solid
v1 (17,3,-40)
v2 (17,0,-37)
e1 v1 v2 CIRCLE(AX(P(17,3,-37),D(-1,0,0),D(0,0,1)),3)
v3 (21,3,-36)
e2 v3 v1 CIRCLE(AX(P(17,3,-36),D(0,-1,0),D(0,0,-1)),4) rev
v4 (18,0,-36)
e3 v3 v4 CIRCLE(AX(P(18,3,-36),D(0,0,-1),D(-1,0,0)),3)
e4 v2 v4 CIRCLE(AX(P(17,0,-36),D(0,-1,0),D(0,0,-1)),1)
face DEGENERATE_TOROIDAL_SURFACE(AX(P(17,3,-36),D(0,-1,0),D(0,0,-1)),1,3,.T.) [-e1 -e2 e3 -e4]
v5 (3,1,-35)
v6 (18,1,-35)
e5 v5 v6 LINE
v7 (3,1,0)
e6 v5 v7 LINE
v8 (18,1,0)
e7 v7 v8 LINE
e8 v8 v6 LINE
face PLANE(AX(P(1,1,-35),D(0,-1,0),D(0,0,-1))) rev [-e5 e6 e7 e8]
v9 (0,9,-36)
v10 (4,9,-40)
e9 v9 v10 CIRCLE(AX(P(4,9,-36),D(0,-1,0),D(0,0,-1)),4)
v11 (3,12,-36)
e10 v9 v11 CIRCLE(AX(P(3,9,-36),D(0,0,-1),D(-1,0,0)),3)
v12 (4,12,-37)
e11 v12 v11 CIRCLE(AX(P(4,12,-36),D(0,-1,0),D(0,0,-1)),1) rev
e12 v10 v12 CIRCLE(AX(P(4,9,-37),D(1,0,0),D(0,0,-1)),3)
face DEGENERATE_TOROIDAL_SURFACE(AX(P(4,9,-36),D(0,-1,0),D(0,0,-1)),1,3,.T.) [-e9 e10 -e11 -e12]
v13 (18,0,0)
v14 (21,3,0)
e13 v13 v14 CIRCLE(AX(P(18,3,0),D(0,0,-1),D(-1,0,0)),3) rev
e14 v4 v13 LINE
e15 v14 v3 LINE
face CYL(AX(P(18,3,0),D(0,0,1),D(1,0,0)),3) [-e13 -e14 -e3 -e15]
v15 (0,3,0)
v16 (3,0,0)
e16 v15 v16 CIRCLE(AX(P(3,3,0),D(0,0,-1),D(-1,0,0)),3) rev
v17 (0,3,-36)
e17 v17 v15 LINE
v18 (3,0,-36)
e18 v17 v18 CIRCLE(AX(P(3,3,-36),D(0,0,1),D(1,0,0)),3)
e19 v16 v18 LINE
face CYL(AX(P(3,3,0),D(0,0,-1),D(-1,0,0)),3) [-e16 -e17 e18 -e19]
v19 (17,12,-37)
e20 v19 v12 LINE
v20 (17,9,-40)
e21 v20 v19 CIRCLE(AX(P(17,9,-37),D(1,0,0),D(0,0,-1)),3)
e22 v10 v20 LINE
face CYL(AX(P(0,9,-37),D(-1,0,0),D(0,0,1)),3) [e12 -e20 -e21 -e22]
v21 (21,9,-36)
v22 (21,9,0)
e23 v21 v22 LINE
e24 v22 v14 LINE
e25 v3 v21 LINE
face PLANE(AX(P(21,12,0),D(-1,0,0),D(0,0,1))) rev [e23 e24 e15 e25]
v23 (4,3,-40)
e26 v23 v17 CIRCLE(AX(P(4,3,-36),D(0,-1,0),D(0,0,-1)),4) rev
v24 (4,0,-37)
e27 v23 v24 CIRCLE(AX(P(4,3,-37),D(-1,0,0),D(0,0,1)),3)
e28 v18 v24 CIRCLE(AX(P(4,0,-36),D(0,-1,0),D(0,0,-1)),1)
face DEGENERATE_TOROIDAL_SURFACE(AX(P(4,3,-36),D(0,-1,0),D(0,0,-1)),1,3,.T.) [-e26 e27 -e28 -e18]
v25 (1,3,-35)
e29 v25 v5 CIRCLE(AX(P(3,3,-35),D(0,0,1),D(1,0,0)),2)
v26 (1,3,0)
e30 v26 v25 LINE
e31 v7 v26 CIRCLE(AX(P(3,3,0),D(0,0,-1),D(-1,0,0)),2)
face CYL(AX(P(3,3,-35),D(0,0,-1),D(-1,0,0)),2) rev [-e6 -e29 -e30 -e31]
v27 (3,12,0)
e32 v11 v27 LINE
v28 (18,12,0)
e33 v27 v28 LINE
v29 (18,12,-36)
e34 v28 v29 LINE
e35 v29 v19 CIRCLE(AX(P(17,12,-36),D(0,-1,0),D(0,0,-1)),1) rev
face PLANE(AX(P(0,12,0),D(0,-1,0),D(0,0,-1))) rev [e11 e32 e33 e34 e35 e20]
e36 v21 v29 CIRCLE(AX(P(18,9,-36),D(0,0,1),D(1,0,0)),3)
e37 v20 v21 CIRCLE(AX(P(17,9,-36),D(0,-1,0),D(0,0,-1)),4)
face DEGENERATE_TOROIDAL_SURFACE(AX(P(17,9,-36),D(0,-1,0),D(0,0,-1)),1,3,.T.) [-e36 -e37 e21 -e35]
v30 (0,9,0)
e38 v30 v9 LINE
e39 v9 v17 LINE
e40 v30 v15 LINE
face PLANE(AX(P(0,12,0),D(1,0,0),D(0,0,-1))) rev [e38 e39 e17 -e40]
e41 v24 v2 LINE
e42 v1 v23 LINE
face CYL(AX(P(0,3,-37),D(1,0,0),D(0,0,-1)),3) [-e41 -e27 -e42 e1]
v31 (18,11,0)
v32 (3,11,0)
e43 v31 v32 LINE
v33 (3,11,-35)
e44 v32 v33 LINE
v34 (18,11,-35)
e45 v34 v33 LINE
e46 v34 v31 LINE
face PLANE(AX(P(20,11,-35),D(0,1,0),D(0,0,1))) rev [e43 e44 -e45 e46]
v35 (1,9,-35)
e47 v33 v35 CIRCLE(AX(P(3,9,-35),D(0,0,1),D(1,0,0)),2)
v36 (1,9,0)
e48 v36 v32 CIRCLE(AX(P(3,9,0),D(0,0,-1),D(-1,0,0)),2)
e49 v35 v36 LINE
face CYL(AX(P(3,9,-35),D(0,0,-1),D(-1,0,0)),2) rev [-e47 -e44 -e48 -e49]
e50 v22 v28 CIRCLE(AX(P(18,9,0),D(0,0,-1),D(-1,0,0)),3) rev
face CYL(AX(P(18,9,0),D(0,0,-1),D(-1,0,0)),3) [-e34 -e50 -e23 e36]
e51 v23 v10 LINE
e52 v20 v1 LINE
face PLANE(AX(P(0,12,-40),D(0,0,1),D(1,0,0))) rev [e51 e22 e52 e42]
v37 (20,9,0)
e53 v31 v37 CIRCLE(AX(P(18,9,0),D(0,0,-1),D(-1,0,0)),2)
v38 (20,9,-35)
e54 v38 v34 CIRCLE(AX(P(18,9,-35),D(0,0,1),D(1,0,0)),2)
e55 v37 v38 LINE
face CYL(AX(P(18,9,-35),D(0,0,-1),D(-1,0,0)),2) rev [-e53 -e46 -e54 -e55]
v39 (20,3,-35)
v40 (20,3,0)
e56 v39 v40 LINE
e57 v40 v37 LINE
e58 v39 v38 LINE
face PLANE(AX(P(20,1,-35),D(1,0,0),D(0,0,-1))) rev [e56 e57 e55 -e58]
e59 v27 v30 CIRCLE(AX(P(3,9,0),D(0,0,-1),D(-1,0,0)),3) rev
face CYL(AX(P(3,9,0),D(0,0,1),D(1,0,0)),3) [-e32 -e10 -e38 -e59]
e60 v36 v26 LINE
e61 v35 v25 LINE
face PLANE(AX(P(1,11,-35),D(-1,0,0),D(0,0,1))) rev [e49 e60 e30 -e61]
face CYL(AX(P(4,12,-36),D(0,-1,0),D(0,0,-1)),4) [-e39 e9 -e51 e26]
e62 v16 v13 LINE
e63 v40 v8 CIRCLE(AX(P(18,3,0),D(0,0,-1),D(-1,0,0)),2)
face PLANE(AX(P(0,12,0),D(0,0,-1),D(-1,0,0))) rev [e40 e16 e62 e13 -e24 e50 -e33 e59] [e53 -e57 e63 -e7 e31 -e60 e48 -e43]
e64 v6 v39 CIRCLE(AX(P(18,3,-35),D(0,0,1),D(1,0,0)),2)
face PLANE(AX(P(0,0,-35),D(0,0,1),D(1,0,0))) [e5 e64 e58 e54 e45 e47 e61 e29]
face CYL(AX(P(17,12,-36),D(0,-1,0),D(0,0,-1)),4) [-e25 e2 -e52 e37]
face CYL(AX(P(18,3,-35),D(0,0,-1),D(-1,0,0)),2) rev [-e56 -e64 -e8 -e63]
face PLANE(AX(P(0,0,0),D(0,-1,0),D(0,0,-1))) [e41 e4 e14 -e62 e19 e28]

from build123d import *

# Parameters (mm, degrees)
SKETCH1_W           = 21
SKETCH1_H           = 40
BOSS_EXTRUDE1_DEPTH = 12
SKETCH4_W           = 19
SKETCH4_H           = 10
CUT_EXTRUDE2_DEPTH  = 35
FILLET5_R           = 4
FILLET6_R           = 3
FILLET8_R           = 2


with BuildPart() as part:
    # Sketch1 → Boss-Extrude1 (new body)
    with BuildSketch(Plane(origin=(0, 0, 0), x_dir=(1, 0, 0), z_dir=(0, 1, 0))):
        with Locations((10.5, 20)):
            Rectangle(SKETCH1_W, SKETCH1_H)
    extrude(amount=BOSS_EXTRUDE1_DEPTH)

    # Sketch4 → Cut-Extrude2 (cut)
    with BuildSketch(Plane.XY):
        with Locations((10.5, 6)):
            Rectangle(SKETCH4_W, SKETCH4_H)
    extrude(amount=-CUT_EXTRUDE2_DEPTH, mode=Mode.SUBTRACT)

    # Fillet5
    fillet5_edges = [part.edges().sort_by_distance(p)[0] for p in [
        (0, 6, -40),
        (21, 6, -40),
    ]]
    fillet(fillet5_edges, radius=FILLET5_R)

    # Fillet6
    fillet6_edges = [part.edges().sort_by_distance(p)[0] for p in [
        (21, 12, -18),
        (0, 0, -18),
        (0, 12, -18),
        (10.5, 0, -40),
        (19.828427125, 0, -38.828427125),
        (1.171572875, 0, -38.828427125),
        (10.5, 12, -40),
        (19.828427125, 12, -38.828427125),
        (1.171572875, 12, -38.828427125),
        (21, 0, -18),
    ]]
    fillet(fillet6_edges, radius=FILLET6_R)

    # Fillet8
    fillet8_edges = [part.edges().sort_by_distance(p)[0] for p in [
        (20, 11, -17.5),
        (20, 1, -17.5),
        (1, 1, -17.5),
        (1, 11, -17.5),
    ]]
    fillet(fillet8_edges, radius=FILLET8_R)


solid = part.part
